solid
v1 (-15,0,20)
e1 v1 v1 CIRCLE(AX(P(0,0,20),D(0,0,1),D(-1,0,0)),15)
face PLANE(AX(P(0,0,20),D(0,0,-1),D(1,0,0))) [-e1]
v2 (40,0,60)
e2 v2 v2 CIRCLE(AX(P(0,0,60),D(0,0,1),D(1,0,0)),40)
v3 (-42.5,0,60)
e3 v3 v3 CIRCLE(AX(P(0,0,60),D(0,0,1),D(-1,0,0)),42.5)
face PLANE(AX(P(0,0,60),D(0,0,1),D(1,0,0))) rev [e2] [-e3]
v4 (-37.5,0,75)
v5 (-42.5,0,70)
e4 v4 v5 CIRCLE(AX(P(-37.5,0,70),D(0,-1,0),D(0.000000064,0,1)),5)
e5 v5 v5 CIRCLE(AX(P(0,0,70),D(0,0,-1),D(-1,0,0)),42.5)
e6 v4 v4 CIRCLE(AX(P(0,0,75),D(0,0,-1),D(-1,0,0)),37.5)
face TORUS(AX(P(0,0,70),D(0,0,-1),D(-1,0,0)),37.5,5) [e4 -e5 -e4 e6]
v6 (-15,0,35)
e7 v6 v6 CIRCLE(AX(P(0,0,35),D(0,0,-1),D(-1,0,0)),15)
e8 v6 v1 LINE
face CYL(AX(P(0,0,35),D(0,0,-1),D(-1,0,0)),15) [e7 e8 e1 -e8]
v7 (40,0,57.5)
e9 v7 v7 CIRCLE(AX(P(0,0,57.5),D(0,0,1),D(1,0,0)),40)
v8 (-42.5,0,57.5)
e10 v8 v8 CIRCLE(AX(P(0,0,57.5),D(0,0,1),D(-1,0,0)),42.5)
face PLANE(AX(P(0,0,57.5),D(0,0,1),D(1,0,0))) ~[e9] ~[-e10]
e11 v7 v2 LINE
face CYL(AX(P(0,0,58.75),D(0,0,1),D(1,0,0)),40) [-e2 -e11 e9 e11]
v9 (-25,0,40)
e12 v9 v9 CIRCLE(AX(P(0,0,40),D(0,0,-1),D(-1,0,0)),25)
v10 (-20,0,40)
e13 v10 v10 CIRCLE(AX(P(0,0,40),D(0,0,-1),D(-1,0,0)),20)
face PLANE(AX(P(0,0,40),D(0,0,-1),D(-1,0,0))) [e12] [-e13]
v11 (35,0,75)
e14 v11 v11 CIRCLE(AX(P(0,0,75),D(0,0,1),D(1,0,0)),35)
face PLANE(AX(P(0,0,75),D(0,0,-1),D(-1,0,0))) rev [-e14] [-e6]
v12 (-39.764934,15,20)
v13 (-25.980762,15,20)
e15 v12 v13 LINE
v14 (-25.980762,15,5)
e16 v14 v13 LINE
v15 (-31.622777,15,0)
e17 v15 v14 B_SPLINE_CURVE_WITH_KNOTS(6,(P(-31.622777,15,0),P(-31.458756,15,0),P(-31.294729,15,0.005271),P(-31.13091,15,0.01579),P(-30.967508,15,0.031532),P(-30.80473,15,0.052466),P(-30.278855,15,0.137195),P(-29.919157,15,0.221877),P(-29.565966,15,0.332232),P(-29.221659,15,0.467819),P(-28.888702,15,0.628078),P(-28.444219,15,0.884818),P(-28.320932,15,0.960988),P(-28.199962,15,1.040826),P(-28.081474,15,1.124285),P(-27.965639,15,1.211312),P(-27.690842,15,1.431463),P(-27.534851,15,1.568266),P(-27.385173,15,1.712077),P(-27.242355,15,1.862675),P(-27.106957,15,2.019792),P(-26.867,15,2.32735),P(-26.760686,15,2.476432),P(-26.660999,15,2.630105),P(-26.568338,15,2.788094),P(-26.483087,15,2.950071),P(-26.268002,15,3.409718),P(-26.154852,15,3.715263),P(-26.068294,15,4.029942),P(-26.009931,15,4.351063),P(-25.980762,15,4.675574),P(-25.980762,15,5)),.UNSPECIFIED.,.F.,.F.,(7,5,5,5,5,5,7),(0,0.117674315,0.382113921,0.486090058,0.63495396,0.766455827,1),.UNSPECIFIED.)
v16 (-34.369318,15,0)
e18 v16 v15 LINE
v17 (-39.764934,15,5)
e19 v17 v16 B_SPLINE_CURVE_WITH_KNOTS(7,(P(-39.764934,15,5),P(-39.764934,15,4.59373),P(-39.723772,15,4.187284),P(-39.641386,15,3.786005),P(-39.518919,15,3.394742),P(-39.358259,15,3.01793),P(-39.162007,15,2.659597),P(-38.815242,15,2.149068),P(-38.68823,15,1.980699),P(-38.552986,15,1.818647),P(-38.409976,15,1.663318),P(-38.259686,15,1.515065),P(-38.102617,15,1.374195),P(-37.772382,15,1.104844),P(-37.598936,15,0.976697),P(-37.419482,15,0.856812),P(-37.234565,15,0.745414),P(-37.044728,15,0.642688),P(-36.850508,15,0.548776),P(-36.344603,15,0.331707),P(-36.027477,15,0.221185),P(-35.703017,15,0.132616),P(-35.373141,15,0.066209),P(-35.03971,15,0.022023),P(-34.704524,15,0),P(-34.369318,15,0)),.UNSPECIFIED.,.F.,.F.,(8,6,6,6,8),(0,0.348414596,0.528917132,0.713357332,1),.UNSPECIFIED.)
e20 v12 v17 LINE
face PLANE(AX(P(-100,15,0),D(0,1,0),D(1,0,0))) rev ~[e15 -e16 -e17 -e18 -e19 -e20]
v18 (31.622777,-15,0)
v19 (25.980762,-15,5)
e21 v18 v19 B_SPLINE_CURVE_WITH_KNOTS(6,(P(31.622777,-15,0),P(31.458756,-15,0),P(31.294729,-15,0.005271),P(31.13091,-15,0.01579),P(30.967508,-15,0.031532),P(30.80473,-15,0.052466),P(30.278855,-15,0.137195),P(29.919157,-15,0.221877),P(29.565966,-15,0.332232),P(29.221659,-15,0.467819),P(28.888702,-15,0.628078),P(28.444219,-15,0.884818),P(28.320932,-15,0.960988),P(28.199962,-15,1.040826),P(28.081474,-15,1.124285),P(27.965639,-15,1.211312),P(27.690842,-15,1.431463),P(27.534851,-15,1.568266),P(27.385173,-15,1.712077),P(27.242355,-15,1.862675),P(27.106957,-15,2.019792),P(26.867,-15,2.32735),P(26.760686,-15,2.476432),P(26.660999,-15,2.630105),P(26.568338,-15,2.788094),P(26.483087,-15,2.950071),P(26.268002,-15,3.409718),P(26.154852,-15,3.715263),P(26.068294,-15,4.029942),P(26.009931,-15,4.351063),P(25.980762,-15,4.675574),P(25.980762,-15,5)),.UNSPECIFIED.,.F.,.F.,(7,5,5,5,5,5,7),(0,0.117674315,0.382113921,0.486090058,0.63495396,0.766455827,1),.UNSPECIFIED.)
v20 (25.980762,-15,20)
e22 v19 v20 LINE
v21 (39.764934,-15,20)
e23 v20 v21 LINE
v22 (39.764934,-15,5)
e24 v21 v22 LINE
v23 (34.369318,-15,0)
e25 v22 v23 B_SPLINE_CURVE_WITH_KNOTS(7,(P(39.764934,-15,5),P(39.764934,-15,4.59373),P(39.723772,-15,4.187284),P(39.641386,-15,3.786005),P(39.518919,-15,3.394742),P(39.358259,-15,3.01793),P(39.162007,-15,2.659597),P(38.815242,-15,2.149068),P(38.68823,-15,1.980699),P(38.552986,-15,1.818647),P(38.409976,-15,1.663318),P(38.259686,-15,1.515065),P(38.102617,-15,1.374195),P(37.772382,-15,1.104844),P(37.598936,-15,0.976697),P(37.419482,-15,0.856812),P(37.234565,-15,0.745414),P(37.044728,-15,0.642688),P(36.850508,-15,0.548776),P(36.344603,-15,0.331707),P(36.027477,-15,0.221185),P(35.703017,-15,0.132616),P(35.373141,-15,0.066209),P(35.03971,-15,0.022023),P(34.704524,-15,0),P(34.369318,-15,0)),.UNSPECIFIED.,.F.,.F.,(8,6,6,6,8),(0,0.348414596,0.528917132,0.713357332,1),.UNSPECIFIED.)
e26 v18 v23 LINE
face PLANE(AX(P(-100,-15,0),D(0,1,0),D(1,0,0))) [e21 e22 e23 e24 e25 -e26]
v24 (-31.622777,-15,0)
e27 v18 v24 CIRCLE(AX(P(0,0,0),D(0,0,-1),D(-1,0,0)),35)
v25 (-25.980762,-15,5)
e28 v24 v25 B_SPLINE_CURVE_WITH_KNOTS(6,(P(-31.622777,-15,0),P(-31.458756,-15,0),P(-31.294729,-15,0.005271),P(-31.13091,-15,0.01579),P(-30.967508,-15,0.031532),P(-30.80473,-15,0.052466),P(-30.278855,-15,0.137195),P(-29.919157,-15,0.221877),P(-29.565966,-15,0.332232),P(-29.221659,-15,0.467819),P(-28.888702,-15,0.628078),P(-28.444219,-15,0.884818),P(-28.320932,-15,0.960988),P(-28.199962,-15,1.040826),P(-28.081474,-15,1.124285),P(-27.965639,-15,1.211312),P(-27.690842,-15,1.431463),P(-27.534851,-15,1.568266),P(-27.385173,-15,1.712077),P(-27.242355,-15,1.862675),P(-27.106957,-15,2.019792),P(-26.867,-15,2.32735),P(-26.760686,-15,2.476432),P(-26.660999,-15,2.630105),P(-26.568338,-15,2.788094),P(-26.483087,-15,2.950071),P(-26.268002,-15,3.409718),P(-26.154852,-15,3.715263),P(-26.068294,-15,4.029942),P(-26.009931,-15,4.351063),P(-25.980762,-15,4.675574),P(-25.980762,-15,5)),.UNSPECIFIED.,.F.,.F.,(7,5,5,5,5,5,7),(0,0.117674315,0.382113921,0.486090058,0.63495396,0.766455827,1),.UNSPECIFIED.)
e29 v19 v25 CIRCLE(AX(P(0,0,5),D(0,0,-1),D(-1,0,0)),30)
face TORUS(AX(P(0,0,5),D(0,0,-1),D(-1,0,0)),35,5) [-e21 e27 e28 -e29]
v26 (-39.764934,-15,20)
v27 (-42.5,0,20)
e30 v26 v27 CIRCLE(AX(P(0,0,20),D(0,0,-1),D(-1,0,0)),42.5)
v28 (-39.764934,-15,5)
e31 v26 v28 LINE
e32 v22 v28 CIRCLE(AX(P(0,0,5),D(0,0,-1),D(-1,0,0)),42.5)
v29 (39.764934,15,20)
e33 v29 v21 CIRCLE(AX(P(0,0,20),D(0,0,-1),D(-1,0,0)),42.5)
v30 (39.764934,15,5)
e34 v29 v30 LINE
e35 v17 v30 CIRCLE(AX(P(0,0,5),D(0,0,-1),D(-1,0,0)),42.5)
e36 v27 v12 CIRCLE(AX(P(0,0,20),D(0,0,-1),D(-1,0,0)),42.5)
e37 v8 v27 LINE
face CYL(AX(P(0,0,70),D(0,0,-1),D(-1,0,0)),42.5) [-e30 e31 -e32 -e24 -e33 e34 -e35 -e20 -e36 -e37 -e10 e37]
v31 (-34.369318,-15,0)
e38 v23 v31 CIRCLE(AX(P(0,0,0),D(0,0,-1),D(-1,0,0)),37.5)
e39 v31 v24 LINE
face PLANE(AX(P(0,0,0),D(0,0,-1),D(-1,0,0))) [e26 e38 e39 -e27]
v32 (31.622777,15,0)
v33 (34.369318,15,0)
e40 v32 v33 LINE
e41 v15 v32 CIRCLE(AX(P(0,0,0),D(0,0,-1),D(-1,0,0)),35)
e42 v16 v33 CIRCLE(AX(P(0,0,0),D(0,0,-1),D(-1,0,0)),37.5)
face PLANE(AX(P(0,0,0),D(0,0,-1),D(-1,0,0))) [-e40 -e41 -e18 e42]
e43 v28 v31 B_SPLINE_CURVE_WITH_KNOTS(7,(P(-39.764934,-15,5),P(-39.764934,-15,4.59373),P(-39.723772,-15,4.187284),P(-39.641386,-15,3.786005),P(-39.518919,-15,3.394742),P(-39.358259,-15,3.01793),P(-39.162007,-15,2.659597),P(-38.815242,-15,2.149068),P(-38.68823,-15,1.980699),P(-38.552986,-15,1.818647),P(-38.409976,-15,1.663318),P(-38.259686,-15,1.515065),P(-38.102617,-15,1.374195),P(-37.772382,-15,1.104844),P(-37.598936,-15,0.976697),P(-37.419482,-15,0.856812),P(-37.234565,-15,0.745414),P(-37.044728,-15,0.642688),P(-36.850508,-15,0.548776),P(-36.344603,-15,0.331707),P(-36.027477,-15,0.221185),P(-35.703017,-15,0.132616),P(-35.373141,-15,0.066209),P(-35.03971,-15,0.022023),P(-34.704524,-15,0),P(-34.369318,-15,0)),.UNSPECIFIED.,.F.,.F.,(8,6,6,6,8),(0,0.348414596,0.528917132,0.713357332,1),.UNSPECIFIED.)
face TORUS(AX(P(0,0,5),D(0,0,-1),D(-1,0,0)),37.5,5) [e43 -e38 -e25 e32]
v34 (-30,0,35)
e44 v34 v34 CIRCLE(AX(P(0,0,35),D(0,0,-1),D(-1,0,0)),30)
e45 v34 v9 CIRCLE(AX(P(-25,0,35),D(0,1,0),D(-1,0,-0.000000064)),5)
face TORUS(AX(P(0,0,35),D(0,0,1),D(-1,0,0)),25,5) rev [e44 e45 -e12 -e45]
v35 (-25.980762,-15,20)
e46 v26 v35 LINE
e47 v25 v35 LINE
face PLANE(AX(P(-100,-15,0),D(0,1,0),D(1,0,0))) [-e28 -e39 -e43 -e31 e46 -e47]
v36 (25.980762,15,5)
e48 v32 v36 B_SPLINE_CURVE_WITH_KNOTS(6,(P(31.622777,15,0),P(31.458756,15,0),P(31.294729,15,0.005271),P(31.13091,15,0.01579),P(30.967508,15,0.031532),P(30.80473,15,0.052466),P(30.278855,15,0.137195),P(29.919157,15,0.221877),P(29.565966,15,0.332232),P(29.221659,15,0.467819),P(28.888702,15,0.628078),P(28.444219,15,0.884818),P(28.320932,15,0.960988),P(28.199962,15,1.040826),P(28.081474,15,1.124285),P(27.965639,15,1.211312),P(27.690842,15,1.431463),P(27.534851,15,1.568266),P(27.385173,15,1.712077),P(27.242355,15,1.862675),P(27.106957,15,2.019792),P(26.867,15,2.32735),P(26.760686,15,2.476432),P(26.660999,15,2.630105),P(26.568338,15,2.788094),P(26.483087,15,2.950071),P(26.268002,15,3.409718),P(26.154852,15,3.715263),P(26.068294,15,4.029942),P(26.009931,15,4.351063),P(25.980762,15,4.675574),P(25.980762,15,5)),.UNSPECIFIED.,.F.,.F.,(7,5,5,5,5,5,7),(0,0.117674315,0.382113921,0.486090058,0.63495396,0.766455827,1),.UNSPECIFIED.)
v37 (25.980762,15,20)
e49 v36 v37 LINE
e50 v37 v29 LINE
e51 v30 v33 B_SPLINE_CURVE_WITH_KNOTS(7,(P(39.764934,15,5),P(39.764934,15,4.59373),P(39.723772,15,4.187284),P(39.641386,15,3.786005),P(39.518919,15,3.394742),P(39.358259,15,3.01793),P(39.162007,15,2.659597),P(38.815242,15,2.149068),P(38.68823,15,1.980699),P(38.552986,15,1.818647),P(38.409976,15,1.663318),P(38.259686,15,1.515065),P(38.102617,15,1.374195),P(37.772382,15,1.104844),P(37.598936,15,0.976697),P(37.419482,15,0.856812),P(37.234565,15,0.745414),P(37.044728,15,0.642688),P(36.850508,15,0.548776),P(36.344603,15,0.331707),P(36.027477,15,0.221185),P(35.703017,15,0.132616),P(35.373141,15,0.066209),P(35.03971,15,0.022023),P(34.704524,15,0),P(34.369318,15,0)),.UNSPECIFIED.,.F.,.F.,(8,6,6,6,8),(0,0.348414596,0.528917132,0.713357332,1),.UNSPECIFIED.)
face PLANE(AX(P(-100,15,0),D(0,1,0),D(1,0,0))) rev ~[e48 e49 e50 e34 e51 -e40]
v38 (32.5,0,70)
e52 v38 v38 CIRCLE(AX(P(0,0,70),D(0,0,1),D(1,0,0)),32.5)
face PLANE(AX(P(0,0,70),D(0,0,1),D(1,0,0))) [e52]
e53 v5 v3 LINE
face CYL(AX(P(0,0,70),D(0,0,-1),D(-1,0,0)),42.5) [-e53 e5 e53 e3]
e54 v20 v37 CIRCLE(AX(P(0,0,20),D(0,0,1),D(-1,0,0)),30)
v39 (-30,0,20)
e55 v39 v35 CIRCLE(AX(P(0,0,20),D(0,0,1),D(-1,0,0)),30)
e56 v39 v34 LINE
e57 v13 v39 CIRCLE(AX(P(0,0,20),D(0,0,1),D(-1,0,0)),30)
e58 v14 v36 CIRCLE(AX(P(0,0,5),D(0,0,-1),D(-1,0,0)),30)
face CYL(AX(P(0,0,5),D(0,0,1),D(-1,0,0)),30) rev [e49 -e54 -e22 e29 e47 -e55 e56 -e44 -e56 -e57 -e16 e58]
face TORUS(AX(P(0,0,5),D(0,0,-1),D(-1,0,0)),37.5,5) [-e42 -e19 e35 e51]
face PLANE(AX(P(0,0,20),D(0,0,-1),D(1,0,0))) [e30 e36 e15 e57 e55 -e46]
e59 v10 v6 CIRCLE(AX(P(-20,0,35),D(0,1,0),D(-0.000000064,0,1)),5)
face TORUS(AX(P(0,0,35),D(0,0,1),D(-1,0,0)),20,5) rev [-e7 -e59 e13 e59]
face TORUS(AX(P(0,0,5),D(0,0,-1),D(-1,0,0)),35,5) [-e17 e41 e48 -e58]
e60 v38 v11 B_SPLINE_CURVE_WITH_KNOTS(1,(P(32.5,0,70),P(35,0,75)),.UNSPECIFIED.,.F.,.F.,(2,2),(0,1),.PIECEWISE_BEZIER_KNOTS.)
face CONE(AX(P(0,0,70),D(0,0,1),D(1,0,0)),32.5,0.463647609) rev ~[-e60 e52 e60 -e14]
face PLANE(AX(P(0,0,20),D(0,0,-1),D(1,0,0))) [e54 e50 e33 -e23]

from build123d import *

# Parameters (mm, degrees)
F2_W     = 200
F2_H     = 30
F3_DEPTH = 20
F6_R     = 32.5
F4_R     = 35
F9_W     = 2.5
F9_H     = 2.5


with BuildPart() as f1:
    # F0 (on Front) → F1 (revolve)
    with BuildSketch(Plane.XZ):
        with BuildLine():
            Line((-42.5, 70), (-42.5, 5))
            ThreePointArc((-42.5, 5), (-41.035534, 1.464466), (-37.5, 0))
            Line((-37.5, 0), (-35, 0))
            ThreePointArc((-35, 0), (-31.464466, 1.464466), (-30, 5))
            Line((-30, 5), (-30, 35))
            ThreePointArc((-30, 35), (-28.535534, 38.535534), (-25, 40))
            Line((-25, 40), (-20, 40))
            ThreePointArc((-20, 40), (-16.464466, 38.535534), (-15, 35))
            Line((-15, 35), (-15, 5))
            ThreePointArc((-15, 5), (-13.535534, 1.464466), (-10, 0))
            Line((-10, 0), (0, 0))
            Line((0, 0), (0, 75))
            Line((0, 75), (-37.5, 75))
            ThreePointArc((-37.5, 75), (-41.035534, 73.535534), (-42.5, 70))
        make_face()
    revolve(axis=Axis((0, 0, 37.5), (0, 0, -1)))

    # F2 (on face) → F3 (cut)
    with BuildSketch(Plane(origin=(0, 0, 0), x_dir=(1, 0, 0), z_dir=(0, 0, -1))):
        Rectangle(F2_W, F2_H)
    extrude(amount=-F3_DEPTH, mode=Mode.SUBTRACT)

    # F6 (on offset) → F7 section 0
    with BuildSketch(Plane.XY.offset(70)):
        Circle(F6_R)
    # F4 (on face) → F7 section 1
    with BuildSketch(Plane.XY.offset(75)):
        Circle(F4_R)
    loft(mode=Mode.SUBTRACT)

    # F9 (on Front) → F10 (revolve, cut)
    with BuildSketch(Plane.XZ):
        with Locations((41.25, 58.75)):
            Rectangle(F9_W, F9_H)
    revolve(axis=Axis((0, 0, 44.033579), (0, 0, 1)), mode=Mode.SUBTRACT)


solid = f1.part
